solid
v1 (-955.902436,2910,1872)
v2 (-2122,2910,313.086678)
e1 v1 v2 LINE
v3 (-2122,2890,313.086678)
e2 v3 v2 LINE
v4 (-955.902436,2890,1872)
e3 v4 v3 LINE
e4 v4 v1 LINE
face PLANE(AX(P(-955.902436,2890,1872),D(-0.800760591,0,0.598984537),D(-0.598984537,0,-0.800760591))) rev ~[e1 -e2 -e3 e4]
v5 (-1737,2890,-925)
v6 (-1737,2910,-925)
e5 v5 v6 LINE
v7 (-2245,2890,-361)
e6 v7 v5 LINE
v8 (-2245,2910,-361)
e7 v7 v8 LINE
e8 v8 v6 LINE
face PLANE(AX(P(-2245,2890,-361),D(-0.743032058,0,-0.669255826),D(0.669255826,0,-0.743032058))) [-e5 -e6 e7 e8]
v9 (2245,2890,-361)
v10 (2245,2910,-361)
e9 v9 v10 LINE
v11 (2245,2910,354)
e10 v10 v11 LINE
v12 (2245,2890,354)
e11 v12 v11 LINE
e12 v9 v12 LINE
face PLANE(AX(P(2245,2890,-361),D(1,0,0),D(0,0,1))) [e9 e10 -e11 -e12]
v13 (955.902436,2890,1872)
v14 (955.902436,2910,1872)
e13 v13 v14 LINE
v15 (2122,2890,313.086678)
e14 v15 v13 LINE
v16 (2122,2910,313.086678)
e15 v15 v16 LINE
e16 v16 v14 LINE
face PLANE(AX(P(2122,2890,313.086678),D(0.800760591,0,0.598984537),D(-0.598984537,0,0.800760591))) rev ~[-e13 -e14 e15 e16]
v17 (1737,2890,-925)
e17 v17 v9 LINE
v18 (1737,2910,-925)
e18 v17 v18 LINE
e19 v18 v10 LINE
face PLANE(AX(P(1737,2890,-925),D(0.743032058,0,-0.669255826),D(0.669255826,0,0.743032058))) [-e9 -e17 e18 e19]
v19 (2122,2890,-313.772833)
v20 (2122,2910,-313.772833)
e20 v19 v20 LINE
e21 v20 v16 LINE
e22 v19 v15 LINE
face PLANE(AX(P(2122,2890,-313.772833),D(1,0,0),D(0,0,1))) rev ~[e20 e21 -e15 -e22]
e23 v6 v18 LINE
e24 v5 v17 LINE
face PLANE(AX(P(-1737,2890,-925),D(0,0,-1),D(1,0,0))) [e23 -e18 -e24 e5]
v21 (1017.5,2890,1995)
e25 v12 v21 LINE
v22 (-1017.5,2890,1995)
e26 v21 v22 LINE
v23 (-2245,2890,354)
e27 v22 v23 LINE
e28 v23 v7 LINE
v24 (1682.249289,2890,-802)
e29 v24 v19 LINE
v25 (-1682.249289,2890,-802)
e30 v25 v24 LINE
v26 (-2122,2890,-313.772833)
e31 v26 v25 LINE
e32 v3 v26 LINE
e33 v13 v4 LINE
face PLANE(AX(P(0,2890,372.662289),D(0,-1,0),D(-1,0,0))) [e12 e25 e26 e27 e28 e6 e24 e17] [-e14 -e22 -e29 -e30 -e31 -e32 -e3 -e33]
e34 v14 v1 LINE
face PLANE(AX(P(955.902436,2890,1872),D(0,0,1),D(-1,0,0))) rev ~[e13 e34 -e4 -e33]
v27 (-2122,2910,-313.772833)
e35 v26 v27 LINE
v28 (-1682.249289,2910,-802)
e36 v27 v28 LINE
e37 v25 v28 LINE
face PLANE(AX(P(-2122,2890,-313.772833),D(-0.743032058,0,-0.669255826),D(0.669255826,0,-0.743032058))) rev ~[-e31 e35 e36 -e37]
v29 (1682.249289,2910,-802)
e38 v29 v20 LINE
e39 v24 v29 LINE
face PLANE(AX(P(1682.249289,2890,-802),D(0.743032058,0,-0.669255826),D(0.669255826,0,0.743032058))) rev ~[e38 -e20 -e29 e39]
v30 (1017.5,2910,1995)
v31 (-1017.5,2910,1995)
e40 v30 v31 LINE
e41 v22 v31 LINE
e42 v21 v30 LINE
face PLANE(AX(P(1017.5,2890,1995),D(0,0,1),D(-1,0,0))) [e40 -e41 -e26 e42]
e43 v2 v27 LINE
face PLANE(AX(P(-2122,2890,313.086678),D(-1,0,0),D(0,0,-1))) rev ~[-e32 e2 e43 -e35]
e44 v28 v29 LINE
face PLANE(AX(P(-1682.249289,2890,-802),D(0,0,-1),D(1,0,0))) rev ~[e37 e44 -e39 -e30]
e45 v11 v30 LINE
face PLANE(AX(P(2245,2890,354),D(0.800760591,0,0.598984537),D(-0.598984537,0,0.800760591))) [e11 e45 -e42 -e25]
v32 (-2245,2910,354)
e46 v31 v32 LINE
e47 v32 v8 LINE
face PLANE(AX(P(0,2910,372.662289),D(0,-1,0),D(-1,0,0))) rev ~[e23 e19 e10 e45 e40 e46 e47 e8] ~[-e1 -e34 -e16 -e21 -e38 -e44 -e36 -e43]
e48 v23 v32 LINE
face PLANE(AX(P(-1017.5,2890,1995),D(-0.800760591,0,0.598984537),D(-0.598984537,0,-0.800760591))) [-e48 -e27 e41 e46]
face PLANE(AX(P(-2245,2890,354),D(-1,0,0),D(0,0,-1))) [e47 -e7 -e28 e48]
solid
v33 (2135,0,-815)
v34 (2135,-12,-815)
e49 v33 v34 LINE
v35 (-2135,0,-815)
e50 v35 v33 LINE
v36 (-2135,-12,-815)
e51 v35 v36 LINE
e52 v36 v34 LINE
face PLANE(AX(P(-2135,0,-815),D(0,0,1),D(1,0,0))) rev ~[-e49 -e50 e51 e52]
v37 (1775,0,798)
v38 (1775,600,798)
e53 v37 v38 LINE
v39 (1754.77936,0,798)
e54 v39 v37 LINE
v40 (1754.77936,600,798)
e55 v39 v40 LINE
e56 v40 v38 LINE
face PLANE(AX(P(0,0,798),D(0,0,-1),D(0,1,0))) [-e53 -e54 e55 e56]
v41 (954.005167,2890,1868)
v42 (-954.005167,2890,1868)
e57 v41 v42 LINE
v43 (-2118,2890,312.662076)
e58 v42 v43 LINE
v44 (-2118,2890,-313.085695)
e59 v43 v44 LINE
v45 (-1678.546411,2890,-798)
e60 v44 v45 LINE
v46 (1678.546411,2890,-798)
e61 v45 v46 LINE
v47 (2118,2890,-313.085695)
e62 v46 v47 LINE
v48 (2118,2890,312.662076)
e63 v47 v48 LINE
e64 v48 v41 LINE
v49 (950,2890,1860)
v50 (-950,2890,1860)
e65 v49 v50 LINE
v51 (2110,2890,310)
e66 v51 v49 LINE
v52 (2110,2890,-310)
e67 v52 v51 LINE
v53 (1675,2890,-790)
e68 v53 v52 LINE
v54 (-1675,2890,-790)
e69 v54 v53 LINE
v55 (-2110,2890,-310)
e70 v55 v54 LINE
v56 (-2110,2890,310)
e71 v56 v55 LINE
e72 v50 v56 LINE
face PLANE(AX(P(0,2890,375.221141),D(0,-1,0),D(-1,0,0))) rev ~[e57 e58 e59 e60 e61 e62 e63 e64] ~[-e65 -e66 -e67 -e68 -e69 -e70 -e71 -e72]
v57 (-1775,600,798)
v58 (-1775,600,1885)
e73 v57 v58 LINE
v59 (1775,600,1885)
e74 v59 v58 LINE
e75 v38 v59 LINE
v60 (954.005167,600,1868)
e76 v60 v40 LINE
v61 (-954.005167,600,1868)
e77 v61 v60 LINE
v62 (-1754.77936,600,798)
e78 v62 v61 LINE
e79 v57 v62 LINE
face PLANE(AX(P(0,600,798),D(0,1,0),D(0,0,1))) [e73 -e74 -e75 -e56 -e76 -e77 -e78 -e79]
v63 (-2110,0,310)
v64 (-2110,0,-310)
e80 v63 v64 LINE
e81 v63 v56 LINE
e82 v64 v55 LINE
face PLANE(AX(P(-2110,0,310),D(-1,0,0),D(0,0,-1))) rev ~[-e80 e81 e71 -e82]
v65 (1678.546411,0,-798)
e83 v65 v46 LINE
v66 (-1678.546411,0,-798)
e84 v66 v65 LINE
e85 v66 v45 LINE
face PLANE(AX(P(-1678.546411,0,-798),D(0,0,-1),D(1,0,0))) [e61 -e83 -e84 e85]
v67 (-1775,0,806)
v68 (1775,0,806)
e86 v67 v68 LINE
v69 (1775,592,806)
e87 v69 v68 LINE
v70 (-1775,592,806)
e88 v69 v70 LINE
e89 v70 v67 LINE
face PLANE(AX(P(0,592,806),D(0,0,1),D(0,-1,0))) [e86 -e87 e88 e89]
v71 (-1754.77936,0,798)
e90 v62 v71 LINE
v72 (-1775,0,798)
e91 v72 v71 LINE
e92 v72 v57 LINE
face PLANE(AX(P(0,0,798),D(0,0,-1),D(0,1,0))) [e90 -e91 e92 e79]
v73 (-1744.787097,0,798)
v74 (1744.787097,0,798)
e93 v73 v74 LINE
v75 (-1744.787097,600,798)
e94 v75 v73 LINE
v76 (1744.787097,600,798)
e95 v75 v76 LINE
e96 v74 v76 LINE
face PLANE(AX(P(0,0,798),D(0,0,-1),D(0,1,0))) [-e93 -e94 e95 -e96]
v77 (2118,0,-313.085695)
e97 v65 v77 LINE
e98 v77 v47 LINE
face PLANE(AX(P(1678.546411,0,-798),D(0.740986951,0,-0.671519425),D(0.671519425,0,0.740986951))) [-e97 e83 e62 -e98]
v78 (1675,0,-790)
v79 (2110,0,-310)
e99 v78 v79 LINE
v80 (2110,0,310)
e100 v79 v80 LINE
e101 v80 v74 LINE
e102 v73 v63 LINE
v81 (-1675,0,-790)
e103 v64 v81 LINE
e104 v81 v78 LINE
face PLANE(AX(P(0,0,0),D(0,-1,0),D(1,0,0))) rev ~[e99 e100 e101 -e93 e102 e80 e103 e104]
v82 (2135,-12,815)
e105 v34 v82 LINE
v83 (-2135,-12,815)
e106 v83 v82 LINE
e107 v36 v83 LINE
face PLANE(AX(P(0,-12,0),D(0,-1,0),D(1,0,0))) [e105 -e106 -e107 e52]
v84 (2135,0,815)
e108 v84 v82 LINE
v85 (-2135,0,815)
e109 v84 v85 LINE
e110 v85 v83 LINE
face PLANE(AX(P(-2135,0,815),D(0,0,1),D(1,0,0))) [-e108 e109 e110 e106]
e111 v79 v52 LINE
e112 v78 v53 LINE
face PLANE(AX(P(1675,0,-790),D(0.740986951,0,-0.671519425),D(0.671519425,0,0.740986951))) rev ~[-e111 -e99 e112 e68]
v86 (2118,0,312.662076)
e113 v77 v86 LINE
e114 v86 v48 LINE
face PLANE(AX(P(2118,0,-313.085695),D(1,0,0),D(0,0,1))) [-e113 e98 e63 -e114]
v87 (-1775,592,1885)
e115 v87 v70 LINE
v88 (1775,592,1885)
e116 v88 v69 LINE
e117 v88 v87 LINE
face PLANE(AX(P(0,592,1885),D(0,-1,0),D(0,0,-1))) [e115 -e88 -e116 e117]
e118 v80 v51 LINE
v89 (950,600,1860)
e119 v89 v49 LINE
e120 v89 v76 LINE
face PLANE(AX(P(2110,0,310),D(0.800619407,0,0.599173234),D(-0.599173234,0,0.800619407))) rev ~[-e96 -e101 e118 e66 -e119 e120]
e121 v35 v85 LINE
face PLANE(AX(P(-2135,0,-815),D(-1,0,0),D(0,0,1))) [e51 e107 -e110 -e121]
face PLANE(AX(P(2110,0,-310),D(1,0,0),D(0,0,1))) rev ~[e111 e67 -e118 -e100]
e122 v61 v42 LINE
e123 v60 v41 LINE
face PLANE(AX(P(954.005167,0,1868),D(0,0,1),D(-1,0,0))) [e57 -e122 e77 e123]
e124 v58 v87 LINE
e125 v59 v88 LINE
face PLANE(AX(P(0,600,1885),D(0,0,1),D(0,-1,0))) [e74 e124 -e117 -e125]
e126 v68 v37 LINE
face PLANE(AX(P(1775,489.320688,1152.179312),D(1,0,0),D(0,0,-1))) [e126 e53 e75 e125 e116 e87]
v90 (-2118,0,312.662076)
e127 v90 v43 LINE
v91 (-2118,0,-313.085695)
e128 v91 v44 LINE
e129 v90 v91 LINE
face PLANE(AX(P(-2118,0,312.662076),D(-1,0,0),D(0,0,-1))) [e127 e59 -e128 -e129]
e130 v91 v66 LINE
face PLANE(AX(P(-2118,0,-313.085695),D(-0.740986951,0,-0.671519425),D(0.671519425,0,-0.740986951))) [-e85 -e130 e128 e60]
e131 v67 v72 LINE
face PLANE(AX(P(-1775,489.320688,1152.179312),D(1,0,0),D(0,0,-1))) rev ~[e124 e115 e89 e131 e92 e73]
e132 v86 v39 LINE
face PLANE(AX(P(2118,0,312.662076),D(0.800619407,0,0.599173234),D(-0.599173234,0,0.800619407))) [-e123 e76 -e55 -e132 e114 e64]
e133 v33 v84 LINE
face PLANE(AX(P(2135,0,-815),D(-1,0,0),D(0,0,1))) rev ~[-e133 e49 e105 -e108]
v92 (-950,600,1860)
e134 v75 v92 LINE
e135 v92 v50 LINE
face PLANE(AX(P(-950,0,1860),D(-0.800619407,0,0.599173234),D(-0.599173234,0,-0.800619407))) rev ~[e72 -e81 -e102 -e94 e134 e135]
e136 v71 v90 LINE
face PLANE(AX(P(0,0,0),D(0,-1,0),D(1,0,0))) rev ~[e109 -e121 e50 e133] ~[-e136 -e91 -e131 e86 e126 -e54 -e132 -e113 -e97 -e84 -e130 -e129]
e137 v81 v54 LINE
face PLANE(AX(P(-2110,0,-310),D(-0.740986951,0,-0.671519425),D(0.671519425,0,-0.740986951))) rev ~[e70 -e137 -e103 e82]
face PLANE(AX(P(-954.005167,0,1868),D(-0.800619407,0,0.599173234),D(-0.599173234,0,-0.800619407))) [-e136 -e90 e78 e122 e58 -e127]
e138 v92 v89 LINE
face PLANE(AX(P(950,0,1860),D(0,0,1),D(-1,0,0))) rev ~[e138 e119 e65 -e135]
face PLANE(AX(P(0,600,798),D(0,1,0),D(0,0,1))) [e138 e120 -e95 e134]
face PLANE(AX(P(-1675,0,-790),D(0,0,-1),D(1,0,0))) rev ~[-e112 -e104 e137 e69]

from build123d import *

# Parameters (mm, degrees)
BOSS_EXTRUDE1_DEPTH = 2890
SKETCH2_W           = 4270
SKETCH2_H           = 1630
BOSS_EXTRUDE2_DEPTH = 12
SKETCH3_W           = 3666.559691054
SKETCH3_H           = 1200.183204927
CUT_EXTRUDE1_DEPTH  = 600
BOSS_EXTRUDE3_DEPTH = 1775
BOSS_EXTRUDE4_DEPTH = 20


with BuildPart() as part:
    # Sketch1 → Boss-Extrude1 (new body)
    with BuildSketch(Plane(origin=(0, 0, 0), x_dir=(1, 0, 0), z_dir=(0, 1, 0))):
        Polygon((-1678.546411441, 798), (1678.546411441, 798), (2118, 313.085695383), (2118, -312.66207609), (954.005166622, -1868), (-954.005166622, -1868), (-2118, -312.66207609), (-2118, 313.085695383), align=None)
        Polygon((-1675, 790), (1675, 790), (2110, 310), (2110, -310), (950, -1860), (-950, -1860), (-2110, -310), (-2110, 310), align=None, mode=Mode.SUBTRACT)
    extrude(amount=BOSS_EXTRUDE1_DEPTH)

    # Sketch2 → Boss-Extrude2 (add)
    with BuildSketch(Plane.XZ):
        Rectangle(SKETCH2_W, SKETCH2_H)
    extrude(amount=BOSS_EXTRUDE2_DEPTH)

    # Sketch3 → Cut-Extrude1 (cut)
    with BuildSketch(Plane.XZ):
        with Locations((75.079734907, 1398.091602464)):
            Rectangle(SKETCH3_W, SKETCH3_H)
    extrude(amount=-CUT_EXTRUDE1_DEPTH, mode=Mode.SUBTRACT)

    # Sketch4 → Boss-Extrude3 (add, symmetric)
    with BuildSketch(Plane(origin=(0, 0, 0), x_dir=(0, 0, -1), z_dir=(1, 0, 0))):
        Polygon((-806, 592), (-806, 0), (-798, 0), (-798, 600), (-1885, 600), (-1885, 592), align=None)
    extrude(amount=BOSS_EXTRUDE3_DEPTH, both=True)


with BuildPart() as body_2:
    # Sketch5 → Boss-Extrude4 (new body)
    with BuildSketch(Plane(origin=(0, 2890, 0), x_dir=(1, 0, 0), z_dir=(0, 1, 0))):
        Polygon((-1737, 925), (1737, 925), (2245, 361), (2245, -354), (1017.5, -1995), (-1017.5, -1995), (-2245, -354), (-2245, 361), align=None)
        Polygon((-1682.249289067, 802), (1682.249289067, 802), (2122, 313.772832743), (2122, -313.086677907), (955.90243579, -1872), (-955.90243579, -1872), (-2122, -313.086677907), (-2122, 313.772832743), align=None, mode=Mode.SUBTRACT)
    extrude(amount=BOSS_EXTRUDE4_DEPTH)


solid = Compound([part.part, body_2.part])
